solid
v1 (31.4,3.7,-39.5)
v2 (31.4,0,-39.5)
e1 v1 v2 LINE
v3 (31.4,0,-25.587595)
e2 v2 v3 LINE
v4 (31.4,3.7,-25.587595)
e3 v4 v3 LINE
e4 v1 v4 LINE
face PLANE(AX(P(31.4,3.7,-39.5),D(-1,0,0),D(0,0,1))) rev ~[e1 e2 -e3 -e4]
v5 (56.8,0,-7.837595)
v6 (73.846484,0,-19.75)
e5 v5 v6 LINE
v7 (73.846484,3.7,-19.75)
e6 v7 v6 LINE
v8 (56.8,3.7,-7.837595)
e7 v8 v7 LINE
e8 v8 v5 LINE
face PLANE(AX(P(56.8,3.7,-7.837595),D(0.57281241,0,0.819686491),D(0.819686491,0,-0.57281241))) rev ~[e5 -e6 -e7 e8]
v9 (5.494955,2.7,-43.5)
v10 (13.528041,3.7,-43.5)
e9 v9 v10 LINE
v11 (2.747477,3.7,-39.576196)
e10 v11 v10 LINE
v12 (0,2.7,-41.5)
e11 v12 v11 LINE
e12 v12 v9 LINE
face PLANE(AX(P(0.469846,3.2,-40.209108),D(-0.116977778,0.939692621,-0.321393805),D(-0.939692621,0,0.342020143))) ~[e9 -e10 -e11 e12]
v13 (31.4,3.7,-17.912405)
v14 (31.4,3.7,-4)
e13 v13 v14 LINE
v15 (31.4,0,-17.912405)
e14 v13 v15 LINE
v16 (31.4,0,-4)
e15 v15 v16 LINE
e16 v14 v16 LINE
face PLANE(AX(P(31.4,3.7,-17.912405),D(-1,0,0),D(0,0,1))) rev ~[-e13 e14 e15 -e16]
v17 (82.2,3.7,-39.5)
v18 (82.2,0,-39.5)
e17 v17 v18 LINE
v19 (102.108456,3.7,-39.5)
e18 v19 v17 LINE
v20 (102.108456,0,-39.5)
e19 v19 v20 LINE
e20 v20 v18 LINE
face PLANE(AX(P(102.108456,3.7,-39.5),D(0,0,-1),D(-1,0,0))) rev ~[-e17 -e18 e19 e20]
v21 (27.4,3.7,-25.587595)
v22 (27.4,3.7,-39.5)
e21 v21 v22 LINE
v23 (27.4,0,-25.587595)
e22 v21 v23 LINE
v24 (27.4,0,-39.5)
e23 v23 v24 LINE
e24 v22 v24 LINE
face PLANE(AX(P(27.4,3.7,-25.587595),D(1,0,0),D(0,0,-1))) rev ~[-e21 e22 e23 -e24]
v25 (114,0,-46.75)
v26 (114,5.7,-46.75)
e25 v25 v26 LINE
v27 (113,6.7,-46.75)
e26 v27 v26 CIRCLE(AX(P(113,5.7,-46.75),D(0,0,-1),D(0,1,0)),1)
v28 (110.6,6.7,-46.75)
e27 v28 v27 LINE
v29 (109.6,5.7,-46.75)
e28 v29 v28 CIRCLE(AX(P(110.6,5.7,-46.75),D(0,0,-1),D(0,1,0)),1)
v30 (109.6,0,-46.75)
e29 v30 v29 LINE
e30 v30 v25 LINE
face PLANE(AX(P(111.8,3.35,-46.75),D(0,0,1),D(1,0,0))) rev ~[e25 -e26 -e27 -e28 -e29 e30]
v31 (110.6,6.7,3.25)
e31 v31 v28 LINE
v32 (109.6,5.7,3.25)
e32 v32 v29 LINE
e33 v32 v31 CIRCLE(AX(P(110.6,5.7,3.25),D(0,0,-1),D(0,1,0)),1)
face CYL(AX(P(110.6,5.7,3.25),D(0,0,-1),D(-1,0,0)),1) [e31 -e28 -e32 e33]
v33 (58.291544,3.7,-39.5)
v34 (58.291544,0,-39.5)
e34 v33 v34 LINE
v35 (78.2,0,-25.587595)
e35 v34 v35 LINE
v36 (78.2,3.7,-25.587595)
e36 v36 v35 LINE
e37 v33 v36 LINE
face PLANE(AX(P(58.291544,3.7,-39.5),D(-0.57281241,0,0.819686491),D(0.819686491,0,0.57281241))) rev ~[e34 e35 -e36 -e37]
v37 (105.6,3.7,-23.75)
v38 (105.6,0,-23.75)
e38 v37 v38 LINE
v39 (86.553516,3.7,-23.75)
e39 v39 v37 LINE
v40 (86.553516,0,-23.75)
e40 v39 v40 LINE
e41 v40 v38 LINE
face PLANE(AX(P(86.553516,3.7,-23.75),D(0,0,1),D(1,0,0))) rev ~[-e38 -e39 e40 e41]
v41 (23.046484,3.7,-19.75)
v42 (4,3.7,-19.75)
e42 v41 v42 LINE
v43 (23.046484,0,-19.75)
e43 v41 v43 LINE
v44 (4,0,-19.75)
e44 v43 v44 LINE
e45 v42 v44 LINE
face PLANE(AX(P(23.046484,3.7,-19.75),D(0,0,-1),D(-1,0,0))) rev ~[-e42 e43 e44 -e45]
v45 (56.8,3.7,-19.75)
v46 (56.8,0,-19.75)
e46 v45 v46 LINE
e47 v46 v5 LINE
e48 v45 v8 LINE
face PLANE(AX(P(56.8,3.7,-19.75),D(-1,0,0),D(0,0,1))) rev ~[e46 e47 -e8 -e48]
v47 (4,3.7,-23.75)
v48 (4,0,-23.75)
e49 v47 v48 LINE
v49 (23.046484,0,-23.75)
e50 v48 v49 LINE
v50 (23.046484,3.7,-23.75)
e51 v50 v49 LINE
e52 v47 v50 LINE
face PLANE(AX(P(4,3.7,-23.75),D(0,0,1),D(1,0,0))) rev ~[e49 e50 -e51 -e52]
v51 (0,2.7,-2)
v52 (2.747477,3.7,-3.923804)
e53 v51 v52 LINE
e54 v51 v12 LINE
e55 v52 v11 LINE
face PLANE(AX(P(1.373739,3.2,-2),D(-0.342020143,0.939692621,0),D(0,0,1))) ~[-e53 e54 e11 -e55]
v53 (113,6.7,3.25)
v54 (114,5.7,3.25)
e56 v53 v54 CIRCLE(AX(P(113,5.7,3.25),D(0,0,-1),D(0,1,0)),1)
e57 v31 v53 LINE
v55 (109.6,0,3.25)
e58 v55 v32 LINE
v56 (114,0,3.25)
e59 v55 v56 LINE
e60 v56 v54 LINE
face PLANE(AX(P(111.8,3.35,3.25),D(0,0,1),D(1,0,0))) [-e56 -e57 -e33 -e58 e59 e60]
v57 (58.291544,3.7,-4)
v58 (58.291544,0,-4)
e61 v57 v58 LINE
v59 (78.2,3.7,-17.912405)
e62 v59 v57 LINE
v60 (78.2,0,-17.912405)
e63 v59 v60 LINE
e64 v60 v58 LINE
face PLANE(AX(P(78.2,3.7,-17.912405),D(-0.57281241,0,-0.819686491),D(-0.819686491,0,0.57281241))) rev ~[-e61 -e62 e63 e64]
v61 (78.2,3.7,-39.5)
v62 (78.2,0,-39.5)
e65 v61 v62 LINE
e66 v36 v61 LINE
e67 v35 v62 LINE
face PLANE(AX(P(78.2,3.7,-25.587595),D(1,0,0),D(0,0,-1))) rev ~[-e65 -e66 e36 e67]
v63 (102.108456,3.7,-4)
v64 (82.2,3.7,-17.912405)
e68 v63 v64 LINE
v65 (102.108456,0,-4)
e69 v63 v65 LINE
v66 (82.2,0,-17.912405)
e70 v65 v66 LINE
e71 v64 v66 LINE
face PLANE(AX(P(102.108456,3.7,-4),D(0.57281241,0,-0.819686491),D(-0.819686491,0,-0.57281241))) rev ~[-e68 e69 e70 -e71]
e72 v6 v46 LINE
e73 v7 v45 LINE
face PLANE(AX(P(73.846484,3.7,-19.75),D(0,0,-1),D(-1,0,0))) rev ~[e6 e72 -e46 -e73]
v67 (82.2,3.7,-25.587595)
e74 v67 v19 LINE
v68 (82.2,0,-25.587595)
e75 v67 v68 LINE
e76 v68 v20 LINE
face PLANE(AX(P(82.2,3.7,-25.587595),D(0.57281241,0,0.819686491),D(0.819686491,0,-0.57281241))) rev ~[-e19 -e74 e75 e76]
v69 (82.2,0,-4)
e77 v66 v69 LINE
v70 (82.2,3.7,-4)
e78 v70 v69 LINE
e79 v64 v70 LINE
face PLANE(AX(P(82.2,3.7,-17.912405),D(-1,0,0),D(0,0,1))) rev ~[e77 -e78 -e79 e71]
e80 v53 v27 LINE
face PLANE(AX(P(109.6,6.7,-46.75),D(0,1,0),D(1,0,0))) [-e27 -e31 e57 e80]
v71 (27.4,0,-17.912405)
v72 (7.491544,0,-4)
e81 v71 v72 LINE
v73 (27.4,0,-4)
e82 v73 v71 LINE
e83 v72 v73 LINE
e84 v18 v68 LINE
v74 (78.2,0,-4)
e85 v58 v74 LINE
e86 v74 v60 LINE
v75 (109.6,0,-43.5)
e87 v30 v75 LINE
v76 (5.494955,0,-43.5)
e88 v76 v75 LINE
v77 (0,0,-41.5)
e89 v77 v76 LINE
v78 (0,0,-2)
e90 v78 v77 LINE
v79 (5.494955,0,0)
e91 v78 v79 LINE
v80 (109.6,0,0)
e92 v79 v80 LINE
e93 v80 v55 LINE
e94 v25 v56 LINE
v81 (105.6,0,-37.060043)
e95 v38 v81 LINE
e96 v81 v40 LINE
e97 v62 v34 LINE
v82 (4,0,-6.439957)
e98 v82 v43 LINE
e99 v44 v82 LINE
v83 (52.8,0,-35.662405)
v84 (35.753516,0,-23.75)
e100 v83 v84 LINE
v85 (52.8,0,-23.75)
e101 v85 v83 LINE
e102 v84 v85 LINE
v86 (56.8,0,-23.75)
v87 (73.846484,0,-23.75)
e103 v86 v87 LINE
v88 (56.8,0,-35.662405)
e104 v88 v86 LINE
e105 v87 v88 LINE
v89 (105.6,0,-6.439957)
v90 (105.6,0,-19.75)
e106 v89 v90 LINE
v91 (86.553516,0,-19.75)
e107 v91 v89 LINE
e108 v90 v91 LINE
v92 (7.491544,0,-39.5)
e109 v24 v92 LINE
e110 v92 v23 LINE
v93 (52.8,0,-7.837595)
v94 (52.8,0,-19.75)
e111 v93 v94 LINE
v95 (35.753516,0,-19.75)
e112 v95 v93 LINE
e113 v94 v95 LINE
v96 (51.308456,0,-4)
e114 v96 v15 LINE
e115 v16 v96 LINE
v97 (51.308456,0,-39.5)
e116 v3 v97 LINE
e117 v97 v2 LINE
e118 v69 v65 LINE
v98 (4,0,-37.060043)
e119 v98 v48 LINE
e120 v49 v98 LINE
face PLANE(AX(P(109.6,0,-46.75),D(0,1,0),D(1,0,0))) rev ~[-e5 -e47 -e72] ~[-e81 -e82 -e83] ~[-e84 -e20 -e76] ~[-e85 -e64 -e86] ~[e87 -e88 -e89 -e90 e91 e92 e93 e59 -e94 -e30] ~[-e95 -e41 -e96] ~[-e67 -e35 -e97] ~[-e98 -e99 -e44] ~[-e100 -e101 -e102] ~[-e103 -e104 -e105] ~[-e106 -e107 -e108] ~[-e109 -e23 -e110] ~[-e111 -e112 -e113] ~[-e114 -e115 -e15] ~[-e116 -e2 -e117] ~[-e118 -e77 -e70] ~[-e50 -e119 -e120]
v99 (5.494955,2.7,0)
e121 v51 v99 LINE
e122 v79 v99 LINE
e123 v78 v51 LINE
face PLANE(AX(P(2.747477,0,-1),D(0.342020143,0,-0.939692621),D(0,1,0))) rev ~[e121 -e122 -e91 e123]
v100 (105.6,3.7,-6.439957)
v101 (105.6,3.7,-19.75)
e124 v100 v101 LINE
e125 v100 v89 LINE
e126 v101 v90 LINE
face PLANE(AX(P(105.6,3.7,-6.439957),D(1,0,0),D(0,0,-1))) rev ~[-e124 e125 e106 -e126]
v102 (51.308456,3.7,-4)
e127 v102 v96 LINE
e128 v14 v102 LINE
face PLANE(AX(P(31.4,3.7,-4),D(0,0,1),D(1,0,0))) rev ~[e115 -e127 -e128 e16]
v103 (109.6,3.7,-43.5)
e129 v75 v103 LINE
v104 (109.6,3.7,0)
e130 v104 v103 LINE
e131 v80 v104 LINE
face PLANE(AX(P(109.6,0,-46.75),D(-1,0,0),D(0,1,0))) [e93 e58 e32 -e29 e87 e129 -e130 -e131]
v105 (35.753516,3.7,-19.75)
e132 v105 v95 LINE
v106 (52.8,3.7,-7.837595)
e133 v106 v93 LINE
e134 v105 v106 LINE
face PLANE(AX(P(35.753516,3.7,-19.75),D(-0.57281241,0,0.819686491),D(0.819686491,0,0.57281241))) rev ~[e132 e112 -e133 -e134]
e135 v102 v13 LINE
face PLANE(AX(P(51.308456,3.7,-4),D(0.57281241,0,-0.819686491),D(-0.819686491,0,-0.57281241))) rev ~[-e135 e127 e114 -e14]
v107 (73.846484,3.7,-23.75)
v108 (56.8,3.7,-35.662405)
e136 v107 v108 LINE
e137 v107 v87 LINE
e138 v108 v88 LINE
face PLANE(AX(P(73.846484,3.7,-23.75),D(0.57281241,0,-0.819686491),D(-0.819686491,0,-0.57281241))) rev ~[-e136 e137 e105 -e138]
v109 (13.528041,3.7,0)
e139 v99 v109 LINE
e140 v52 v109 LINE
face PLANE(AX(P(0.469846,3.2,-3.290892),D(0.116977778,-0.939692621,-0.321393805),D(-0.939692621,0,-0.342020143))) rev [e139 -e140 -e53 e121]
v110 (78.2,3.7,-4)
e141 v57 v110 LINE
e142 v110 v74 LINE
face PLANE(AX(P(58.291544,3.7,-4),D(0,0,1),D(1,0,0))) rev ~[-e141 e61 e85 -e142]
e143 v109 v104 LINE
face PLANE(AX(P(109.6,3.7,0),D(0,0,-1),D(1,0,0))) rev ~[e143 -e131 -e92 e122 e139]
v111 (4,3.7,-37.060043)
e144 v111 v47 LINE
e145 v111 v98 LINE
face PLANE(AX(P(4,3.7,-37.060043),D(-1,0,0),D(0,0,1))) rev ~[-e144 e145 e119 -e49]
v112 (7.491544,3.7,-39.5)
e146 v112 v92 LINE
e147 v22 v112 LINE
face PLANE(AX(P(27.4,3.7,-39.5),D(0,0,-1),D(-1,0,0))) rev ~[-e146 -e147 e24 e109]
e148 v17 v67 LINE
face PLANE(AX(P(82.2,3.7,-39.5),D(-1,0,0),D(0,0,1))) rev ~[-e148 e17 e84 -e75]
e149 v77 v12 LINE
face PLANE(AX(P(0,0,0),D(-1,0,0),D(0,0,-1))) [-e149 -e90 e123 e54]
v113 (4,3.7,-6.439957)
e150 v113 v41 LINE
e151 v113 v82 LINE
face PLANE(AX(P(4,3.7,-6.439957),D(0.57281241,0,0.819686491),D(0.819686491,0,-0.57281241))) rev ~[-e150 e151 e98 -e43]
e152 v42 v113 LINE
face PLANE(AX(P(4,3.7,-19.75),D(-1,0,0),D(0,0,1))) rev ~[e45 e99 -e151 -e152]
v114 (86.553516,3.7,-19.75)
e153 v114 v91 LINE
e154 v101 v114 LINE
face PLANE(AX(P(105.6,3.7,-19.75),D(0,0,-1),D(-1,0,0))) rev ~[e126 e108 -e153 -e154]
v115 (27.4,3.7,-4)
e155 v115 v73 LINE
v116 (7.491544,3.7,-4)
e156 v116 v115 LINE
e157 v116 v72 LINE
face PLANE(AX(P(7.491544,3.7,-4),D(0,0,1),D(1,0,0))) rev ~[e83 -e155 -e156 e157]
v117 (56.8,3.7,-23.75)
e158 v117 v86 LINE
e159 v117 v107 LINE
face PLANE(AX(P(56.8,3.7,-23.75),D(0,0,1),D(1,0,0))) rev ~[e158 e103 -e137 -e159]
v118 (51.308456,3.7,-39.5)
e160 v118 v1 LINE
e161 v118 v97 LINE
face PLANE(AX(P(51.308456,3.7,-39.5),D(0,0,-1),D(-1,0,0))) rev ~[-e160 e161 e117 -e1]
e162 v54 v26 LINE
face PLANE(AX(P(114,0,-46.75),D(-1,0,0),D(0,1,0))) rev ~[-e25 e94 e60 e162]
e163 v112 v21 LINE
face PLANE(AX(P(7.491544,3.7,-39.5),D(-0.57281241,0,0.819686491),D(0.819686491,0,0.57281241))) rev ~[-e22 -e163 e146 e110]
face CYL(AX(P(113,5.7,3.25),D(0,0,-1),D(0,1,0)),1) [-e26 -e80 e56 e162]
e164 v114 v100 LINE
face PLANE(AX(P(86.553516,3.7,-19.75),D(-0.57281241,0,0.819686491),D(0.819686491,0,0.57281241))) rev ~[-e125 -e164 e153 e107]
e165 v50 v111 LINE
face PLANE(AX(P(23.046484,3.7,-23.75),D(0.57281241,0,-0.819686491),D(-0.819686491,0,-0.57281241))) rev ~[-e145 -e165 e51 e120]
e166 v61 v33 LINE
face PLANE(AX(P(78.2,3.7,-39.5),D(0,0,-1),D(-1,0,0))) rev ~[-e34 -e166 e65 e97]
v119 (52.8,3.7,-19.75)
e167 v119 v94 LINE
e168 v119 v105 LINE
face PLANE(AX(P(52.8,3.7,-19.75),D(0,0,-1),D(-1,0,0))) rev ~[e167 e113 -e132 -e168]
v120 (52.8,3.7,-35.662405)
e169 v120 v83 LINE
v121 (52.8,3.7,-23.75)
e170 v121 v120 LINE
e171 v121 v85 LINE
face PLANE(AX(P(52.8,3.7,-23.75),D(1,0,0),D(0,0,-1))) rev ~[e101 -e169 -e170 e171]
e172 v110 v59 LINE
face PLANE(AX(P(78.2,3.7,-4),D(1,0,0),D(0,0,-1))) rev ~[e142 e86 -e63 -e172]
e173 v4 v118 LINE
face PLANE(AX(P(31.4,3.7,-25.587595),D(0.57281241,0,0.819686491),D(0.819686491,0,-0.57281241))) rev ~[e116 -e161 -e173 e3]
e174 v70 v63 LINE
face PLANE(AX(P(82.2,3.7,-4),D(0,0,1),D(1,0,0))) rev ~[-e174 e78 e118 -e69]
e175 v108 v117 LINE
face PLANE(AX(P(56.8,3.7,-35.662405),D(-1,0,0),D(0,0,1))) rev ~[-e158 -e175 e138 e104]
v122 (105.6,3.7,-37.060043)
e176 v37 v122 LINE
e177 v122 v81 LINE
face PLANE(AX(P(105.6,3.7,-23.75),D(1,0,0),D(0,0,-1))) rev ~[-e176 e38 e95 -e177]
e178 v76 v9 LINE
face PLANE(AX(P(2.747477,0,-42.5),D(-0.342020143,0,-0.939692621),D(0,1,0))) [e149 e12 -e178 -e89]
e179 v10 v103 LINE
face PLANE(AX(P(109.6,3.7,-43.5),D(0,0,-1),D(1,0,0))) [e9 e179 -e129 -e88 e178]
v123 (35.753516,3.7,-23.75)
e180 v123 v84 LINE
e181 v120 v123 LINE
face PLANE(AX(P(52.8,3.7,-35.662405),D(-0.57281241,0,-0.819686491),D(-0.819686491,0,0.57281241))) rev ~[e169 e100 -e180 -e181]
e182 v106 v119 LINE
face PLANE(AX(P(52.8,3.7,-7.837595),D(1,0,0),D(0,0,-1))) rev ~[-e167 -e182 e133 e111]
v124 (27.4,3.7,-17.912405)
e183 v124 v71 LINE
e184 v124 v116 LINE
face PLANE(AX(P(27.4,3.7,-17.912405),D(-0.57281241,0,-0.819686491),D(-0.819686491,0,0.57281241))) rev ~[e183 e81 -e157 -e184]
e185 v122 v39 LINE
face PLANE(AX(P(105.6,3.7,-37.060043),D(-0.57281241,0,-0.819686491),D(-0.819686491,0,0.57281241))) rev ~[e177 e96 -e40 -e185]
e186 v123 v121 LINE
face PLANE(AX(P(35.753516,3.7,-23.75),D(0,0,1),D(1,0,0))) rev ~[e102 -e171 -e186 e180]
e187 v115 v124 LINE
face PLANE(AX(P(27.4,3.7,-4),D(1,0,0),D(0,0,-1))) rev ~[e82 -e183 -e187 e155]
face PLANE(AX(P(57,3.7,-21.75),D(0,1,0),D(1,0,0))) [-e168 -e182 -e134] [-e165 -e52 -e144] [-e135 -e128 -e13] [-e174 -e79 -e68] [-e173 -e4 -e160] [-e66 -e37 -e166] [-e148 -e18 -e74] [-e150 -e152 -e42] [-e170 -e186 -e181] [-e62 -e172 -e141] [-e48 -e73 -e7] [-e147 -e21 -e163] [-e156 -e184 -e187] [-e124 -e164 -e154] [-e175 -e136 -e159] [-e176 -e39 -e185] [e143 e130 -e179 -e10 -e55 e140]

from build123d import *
from OCP.BRepFilletAPI import BRepFilletAPI_MakeChamfer

# Parameters (mm, degrees)
SKETCH1_W                = 114
SKETCH1_H                = 43.5
BOSS_EXTRUDE1_DEPTH      = 3.7
SKETCH2_W                = 4.4
SKETCH2_H                = 43.5
BOSS_EXTRUDE2_DEPTH      = 3
CHAMFER1_SIZE            = 2
CHAMFER1_SIZE2           = 5.494954839
CUT_EXTRUDE1_DEPTH       = 7.5
BOSS_EXTRUDE3_DEPTH      = 3.25
BOSS_EXTRUDE3_DEPTH_BACK = 46.75
SKETCH6_W                = 4.4
SKETCH6_H                = 6.7
FILLET2_R                = 1
CHAMFER2_SIZE            = 1
CHAMFER2_SIZE2           = 2.747477419


with BuildPart() as part:
    # Sketch1 → Boss-Extrude1 (new body)
    with BuildSketch(Plane(origin=(0, 0, 0), x_dir=(1, 0, 0), z_dir=(0, 1, 0))):
        with Locations((57, 21.75)):
            Rectangle(SKETCH1_W, SKETCH1_H)
    extrude(amount=BOSS_EXTRUDE1_DEPTH)

    # Sketch2 → Boss-Extrude2 (add)
    with BuildSketch(Plane(origin=(0, 3.7, 0), x_dir=(1, 0, 0), z_dir=(0, 1, 0))):
        with Locations((111.8, 21.75)):
            Rectangle(SKETCH2_W, SKETCH2_H)
    extrude(amount=BOSS_EXTRUDE2_DEPTH)

    # Chamfer1
    chamfer1_edges = [part.edges().sort_by_distance(p)[0] for p in [
        (0, 1.85, -43.5),
        (0, 1.85, 0),
    ]]
    chamfer1_side = [part.faces().sort_by_distance(p)[0] for p in [
        (0, 1.85, -21.75),
    ]]
    chamfer(chamfer1_edges, length=CHAMFER1_SIZE, length2=CHAMFER1_SIZE2, reference=chamfer1_side[0])

    # Sketch3 → Cut-Extrude1 (cut)
    with BuildSketch(Plane(origin=(0, 3.7, 0), x_dir=(1, 0, 0), z_dir=(0, 1, 0))):
        Polygon((4, 6.439957255), (23.046483703, 19.75), (4, 19.75), align=None)
        Polygon((27.4, 4), (27.4, 17.91240495), (7.491544466, 4), align=None)
        Polygon((23.046483703, 23.75), (4, 37.060042745), (4, 23.75), align=None)
        Polygon((27.4, 25.58759505), (27.4, 39.5), (7.491544466, 39.5), align=None)
        Polygon((31.4, 25.58759505), (51.308455534, 39.5), (31.4, 39.5), align=None)
        Polygon((52.8, 23.75), (52.8, 35.66240495), (35.753516297, 23.75), align=None)
        Polygon((52.8, 7.83759505), (52.8, 19.75), (35.753516297, 19.75), align=None)
        Polygon((31.4, 4), (51.308455534, 4), (31.4, 17.91240495), align=None)
        Polygon((73.846483703, 19.75), (56.8, 19.75), (56.8, 7.83759505), align=None)
        Polygon((78.2, 17.91240495), (58.291544466, 4), (78.2, 4), align=None)
        Polygon((56.8, 35.66240495), (56.8, 23.75), (73.846483703, 23.75), align=None)
        Polygon((78.2, 39.5), (58.291544466, 39.5), (78.2, 25.58759505), align=None)
        Polygon((102.108455534, 39.5), (82.2, 39.5), (82.2, 25.58759505), align=None)
        Polygon((105.6, 23.75), (105.6, 37.060042745), (86.553516297, 23.75), align=None)
        Polygon((105.6, 19.75), (86.553516297, 19.75), (105.6, 6.439957255), align=None)
        Polygon((82.2, 17.91240495), (82.2, 4), (102.108455534, 4), align=None)
    extrude(amount=-CUT_EXTRUDE1_DEPTH, mode=Mode.SUBTRACT)

    # Sketch6 → Boss-Extrude3 (add, two sides: drawn at the far end of the back side and taken through both)
    with BuildSketch(Plane.XY.offset(-BOSS_EXTRUDE3_DEPTH_BACK)):
        with Locations((111.8, 3.35)):
            Rectangle(SKETCH6_W, SKETCH6_H)
    extrude(amount=BOSS_EXTRUDE3_DEPTH + BOSS_EXTRUDE3_DEPTH_BACK)

    # Fillet2
    fillet2_edges = [part.edges().sort_by_distance(p)[0] for p in [
        (114, 6.7, -21.75),
        (109.6, 6.7, -21.75),
    ]]
    fillet(fillet2_edges, radius=FILLET2_R)

    # Chamfer2: one chamfer whose edges measure the first distance from different faces: ONE call of the kernel's chamfer builder (chamfer() names one face for all edges)
    chamfer2_edges_1 = [part.edges().sort_by_distance(p)[0] for p in [
        (0, 3.7, -21.75),
    ]]
    chamfer2_side_1 = [part.faces().sort_by_distance(p)[0] for p in [
        (0, 1.85, -21.75),
    ]]
    chamfer2_edges_2 = [part.edges().sort_by_distance(p)[0] for p in [
        (2.747477419, 3.7, -1),
    ]]
    chamfer2_side_2 = [part.faces().sort_by_distance(p)[0] for p in [
        (2.747477419, 1.85, -1),
    ]]
    chamfer2_edges_3 = [part.edges().sort_by_distance(p)[0] for p in [
        (2.747477419, 3.7, -42.5),
    ]]
    chamfer2_side_3 = [part.faces().sort_by_distance(p)[0] for p in [
        (2.747477419, 1.85, -42.5),
    ]]
    chamfer2 = BRepFilletAPI_MakeChamfer(part.part.solid().wrapped)
    for e in chamfer2_edges_1:
        chamfer2.Add(CHAMFER2_SIZE, CHAMFER2_SIZE2, e.wrapped, chamfer2_side_1[0].wrapped)  # the first distance lies on this face
    for e in chamfer2_edges_2:
        chamfer2.Add(CHAMFER2_SIZE, CHAMFER2_SIZE2, e.wrapped, chamfer2_side_2[0].wrapped)  # the first distance lies on this face
    for e in chamfer2_edges_3:
        chamfer2.Add(CHAMFER2_SIZE, CHAMFER2_SIZE2, e.wrapped, chamfer2_side_3[0].wrapped)  # the first distance lies on this face
    add(Compound.cast(chamfer2.Shape()), mode=Mode.REPLACE)


solid = part.part
